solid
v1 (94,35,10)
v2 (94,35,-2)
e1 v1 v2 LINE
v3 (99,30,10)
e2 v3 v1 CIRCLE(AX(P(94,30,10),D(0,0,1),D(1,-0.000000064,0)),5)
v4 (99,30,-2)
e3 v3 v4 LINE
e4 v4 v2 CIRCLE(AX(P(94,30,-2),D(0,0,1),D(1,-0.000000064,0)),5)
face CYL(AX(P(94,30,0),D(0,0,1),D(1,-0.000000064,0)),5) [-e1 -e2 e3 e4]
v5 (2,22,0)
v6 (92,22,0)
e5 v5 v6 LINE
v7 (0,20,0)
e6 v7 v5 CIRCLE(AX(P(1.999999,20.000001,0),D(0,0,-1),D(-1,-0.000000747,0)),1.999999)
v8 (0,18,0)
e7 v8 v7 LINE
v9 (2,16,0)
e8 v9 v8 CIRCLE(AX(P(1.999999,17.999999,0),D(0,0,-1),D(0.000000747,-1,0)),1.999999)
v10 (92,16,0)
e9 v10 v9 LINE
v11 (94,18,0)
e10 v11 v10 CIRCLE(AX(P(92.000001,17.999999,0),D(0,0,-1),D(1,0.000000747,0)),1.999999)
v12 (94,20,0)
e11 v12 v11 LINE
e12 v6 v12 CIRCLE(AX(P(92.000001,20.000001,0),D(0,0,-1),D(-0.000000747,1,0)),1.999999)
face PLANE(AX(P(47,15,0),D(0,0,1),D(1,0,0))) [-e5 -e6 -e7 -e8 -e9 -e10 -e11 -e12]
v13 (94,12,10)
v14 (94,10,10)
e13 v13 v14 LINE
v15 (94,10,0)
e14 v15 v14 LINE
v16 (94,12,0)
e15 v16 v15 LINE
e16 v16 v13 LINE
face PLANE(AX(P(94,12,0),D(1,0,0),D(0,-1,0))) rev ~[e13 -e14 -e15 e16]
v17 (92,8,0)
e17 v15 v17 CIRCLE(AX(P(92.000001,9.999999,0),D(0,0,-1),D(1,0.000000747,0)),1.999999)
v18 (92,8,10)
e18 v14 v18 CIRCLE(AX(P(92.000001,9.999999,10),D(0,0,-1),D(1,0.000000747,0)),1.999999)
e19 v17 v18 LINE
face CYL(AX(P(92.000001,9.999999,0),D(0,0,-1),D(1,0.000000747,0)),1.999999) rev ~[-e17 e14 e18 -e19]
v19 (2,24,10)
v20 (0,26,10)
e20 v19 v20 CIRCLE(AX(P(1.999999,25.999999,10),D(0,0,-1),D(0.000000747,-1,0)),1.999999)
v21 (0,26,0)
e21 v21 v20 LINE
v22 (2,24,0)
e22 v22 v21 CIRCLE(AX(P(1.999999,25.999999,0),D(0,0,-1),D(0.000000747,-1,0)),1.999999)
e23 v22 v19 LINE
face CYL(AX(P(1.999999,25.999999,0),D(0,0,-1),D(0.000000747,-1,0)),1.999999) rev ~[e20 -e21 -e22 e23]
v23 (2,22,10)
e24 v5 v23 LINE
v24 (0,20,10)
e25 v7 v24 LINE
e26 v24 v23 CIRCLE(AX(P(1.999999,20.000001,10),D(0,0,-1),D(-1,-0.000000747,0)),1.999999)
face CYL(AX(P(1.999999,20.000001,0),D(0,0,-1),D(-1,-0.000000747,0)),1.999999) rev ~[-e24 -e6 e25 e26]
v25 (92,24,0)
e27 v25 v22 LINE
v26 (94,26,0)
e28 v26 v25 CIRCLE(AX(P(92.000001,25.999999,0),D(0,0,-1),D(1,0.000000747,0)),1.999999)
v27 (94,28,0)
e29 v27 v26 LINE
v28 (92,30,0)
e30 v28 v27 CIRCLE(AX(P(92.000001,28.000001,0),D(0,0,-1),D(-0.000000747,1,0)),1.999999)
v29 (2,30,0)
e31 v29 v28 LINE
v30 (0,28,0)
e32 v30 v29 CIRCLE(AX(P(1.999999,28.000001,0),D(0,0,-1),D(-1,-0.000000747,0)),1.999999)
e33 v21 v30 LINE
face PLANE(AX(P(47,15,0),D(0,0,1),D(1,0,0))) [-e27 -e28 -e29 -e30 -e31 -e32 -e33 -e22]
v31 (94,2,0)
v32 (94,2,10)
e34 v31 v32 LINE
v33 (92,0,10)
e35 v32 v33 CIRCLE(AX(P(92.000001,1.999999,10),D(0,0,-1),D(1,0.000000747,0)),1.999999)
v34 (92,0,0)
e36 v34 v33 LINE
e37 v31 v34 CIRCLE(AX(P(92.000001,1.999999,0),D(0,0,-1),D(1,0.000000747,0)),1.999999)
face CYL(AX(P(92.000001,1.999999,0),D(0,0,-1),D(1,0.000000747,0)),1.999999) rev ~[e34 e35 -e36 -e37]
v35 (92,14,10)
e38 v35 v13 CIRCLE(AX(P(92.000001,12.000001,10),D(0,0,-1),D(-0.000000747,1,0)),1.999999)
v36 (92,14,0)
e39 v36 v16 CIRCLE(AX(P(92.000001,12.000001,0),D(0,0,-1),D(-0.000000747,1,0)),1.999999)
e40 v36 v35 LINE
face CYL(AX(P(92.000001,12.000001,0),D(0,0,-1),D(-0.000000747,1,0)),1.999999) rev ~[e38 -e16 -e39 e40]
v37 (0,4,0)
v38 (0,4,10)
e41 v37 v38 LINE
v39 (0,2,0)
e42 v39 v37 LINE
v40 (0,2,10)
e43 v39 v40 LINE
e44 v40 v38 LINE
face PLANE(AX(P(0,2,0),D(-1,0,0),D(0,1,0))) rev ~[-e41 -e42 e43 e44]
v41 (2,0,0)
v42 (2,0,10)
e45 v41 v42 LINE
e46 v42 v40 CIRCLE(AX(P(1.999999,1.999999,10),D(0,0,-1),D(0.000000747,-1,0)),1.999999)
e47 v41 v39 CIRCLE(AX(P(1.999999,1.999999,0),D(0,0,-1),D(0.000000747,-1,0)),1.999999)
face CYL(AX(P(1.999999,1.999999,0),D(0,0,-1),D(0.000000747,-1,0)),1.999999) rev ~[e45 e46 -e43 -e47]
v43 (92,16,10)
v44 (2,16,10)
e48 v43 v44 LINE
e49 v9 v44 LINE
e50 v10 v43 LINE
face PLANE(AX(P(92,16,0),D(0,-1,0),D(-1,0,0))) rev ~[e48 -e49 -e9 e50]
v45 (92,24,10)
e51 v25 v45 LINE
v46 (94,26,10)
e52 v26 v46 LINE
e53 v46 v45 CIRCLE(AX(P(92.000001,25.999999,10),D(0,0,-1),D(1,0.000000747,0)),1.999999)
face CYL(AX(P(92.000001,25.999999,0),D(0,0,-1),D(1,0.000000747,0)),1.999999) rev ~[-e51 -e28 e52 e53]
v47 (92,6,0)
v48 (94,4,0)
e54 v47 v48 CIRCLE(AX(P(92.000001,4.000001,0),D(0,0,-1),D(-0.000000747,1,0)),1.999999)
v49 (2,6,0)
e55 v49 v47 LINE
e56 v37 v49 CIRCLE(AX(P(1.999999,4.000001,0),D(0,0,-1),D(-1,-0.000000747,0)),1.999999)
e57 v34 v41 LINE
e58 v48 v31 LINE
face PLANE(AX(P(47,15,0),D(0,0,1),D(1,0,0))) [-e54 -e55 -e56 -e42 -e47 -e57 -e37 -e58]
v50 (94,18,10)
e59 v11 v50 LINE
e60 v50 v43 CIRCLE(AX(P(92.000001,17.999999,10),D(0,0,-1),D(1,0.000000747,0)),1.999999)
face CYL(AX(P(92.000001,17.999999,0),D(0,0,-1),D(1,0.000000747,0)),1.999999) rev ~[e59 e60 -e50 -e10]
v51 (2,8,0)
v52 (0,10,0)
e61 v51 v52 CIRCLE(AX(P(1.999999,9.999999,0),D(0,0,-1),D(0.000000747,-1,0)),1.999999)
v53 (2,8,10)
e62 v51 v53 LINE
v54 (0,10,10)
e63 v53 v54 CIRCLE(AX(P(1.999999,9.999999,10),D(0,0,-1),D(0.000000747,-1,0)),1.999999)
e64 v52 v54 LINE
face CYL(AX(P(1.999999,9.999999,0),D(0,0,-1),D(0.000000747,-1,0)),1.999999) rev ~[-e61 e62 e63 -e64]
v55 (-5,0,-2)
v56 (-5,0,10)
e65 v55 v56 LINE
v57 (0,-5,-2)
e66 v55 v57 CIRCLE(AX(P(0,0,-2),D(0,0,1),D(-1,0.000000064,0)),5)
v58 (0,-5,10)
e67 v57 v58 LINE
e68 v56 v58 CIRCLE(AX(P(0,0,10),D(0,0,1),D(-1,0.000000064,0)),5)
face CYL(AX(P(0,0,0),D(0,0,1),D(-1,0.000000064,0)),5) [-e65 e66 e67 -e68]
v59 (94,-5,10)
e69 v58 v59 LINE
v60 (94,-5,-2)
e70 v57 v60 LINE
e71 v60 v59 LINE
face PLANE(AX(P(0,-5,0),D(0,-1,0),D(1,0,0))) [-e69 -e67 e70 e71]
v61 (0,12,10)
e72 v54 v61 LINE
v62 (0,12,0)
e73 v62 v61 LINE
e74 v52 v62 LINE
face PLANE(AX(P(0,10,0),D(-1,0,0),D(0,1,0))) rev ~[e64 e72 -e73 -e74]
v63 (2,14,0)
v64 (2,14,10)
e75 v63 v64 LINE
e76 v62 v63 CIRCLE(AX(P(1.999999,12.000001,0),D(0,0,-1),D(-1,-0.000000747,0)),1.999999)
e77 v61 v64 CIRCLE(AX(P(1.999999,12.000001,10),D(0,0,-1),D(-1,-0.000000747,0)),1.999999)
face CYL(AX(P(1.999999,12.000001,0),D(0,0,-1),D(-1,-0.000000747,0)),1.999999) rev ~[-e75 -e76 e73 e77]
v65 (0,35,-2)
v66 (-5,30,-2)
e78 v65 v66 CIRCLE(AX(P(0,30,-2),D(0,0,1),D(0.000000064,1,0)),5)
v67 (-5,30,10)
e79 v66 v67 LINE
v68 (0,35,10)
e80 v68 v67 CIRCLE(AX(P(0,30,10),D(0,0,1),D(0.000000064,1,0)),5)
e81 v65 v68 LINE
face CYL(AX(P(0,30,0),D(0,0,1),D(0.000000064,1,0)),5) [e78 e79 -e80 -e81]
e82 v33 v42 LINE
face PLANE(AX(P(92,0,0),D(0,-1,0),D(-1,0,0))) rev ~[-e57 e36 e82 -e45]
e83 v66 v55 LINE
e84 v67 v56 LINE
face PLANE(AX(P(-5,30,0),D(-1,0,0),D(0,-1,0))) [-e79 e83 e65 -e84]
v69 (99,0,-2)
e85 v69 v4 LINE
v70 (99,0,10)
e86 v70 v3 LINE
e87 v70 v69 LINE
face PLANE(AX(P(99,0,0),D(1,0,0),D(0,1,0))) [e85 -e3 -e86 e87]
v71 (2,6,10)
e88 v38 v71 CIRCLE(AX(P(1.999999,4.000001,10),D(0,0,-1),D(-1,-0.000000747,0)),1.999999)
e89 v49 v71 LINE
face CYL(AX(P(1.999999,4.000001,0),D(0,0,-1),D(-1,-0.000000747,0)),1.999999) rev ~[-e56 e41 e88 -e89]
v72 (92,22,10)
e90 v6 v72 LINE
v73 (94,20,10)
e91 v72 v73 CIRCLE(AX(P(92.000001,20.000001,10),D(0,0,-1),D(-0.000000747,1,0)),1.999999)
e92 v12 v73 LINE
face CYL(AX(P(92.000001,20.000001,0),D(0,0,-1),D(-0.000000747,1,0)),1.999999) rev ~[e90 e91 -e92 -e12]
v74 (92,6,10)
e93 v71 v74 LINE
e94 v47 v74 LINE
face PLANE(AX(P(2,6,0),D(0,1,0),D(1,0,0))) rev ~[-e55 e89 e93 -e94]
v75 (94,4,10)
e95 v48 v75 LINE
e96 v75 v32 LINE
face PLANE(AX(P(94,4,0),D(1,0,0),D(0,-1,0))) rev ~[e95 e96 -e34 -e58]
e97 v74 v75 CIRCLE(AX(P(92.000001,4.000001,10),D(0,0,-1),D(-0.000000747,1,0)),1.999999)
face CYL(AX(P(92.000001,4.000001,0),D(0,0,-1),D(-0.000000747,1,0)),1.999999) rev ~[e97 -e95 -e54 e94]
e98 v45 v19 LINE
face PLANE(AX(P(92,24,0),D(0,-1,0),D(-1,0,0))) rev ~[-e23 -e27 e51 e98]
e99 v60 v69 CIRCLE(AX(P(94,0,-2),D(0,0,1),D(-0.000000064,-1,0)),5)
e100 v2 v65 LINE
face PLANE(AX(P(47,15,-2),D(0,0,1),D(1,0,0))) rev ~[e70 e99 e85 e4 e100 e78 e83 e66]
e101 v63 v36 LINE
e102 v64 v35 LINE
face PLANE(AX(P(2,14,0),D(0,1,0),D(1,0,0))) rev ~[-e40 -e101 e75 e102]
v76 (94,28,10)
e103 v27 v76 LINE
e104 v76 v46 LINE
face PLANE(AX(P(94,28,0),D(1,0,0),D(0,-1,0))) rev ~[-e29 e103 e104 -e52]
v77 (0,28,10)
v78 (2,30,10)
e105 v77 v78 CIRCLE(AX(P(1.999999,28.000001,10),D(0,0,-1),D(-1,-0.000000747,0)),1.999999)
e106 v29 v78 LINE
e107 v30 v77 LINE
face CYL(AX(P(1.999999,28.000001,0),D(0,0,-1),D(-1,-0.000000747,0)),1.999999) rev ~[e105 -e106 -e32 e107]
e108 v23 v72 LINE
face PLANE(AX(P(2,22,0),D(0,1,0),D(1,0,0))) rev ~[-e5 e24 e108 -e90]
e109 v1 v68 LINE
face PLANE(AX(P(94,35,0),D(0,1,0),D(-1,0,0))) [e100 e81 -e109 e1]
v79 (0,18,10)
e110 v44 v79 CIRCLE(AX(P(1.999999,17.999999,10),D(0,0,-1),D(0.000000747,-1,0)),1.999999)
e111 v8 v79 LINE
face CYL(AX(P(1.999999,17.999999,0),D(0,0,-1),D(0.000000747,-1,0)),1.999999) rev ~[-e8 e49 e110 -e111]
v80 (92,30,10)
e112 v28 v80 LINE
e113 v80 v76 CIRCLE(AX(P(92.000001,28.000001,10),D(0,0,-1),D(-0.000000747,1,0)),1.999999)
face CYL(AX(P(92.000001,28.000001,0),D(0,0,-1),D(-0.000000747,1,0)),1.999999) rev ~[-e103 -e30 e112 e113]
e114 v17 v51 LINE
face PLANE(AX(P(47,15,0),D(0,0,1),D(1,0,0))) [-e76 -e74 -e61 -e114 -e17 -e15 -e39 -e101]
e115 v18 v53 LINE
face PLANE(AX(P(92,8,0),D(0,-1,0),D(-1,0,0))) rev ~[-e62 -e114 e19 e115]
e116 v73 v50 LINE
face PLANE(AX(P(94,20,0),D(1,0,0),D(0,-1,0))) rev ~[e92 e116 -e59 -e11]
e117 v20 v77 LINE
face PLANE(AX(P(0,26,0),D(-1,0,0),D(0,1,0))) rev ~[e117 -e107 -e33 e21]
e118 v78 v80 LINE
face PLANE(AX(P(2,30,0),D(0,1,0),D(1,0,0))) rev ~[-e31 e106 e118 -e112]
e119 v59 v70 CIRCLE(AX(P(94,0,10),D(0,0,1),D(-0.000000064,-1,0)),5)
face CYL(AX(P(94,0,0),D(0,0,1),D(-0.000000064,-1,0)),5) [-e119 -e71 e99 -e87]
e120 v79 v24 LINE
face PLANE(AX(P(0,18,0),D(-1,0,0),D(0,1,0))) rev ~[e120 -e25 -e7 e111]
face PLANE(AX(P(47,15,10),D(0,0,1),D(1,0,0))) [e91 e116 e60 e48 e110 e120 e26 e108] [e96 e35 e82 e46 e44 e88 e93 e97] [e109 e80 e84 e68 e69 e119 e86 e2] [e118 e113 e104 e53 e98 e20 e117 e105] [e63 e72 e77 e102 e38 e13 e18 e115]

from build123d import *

# Parameters (mm, degrees)
F1_DEPTH = 10
F2_DEPTH = 2


with BuildPart() as f1:
    # F0 (on Top) → F1 (new body)
    with BuildSketch(Plane.XY):
        with BuildLine():
            Line((94, 35), (0, 35))
            ThreePointArc((0, 35), (-3.535534, 33.535534), (-5, 30))
            Line((-5, 30), (-5, 0))
            ThreePointArc((-5, 0), (-3.535534, -3.535534), (0, -5))
            Line((0, -5), (94, -5))
            ThreePointArc((94, -5), (97.535534, -3.535534), (99, 0))
            Line((99, 0), (99, 30))
            ThreePointArc((99, 30), (97.535534, 33.535534), (94, 35))
        make_face()
        with BuildLine():
            ThreePointArc((0, 4), (0.585786, 5.414214), (2, 6))
            Line((2, 6), (92, 6))
            ThreePointArc((92, 6), (93.414214, 5.414214), (94, 4))
            Line((94, 4), (94, 2))
            ThreePointArc((94, 2), (93.414214, 0.585786), (92, 0))
            Line((92, 0), (2, 0))
            ThreePointArc((2, 0), (0.585786, 0.585786), (0, 2))
            Line((0, 2), (0, 4))
        make_face(mode=Mode.SUBTRACT)
        with BuildLine():
            ThreePointArc((0, 12), (0.585786, 13.414214), (2, 14))
            Line((2, 14), (92, 14))
            ThreePointArc((92, 14), (93.414214, 13.414214), (94, 12))
            Line((94, 12), (94, 10))
            ThreePointArc((94, 10), (93.414214, 8.585786), (92, 8))
            Line((92, 8), (2, 8))
            ThreePointArc((2, 8), (0.585786, 8.585786), (0, 10))
            Line((0, 10), (0, 12))
        make_face(mode=Mode.SUBTRACT)
        with BuildLine():
            ThreePointArc((0, 20), (0.585786, 21.414214), (2, 22))
            Line((2, 22), (92, 22))
            ThreePointArc((92, 22), (93.414214, 21.414214), (94, 20))
            Line((94, 20), (94, 18))
            ThreePointArc((94, 18), (93.414214, 16.585786), (92, 16))
            Line((92, 16), (2, 16))
            ThreePointArc((2, 16), (0.585786, 16.585786), (0, 18))
            Line((0, 18), (0, 20))
        make_face(mode=Mode.SUBTRACT)
        with BuildLine():
            ThreePointArc((0, 28), (0.585786, 29.414214), (2, 30))
            Line((2, 30), (92, 30))
            ThreePointArc((92, 30), (93.414214, 29.414214), (94, 28))
            Line((94, 28), (94, 26))
            ThreePointArc((94, 26), (93.414214, 24.585786), (92, 24))
            Line((92, 24), (2, 24))
            ThreePointArc((2, 24), (0.585786, 24.585786), (0, 26))
            Line((0, 26), (0, 28))
        make_face(mode=Mode.SUBTRACT)
    extrude(amount=F1_DEPTH)

    # F0 (on Top) → F2 (join)
    with BuildSketch(Plane.XY):
        with BuildLine():
            Line((94, 35), (0, 35))
            ThreePointArc((0, 35), (-3.535534, 33.535534), (-5, 30))
            Line((-5, 30), (-5, 0))
            ThreePointArc((-5, 0), (-3.535534, -3.535534), (0, -5))
            Line((0, -5), (94, -5))
            ThreePointArc((94, -5), (97.535534, -3.535534), (99, 0))
            Line((99, 0), (99, 30))
            ThreePointArc((99, 30), (97.535534, 33.535534), (94, 35))
        make_face()
        with BuildLine():
            ThreePointArc((0, 4), (0.585786, 5.414214), (2, 6))
            Line((2, 6), (92, 6))
            ThreePointArc((92, 6), (93.414214, 5.414214), (94, 4))
            Line((94, 4), (94, 2))
            ThreePointArc((94, 2), (93.414214, 0.585786), (92, 0))
            Line((92, 0), (2, 0))
            ThreePointArc((2, 0), (0.585786, 0.585786), (0, 2))
            Line((0, 2), (0, 4))
        make_face(mode=Mode.SUBTRACT)
        with BuildLine():
            ThreePointArc((0, 12), (0.585786, 13.414214), (2, 14))
            Line((2, 14), (92, 14))
            ThreePointArc((92, 14), (93.414214, 13.414214), (94, 12))
            Line((94, 12), (94, 10))
            ThreePointArc((94, 10), (93.414214, 8.585786), (92, 8))
            Line((92, 8), (2, 8))
            ThreePointArc((2, 8), (0.585786, 8.585786), (0, 10))
            Line((0, 10), (0, 12))
        make_face(mode=Mode.SUBTRACT)
        with BuildLine():
            ThreePointArc((0, 20), (0.585786, 21.414214), (2, 22))
            Line((2, 22), (92, 22))
            ThreePointArc((92, 22), (93.414214, 21.414214), (94, 20))
            Line((94, 20), (94, 18))
            ThreePointArc((94, 18), (93.414214, 16.585786), (92, 16))
            Line((92, 16), (2, 16))
            ThreePointArc((2, 16), (0.585786, 16.585786), (0, 18))
            Line((0, 18), (0, 20))
        make_face(mode=Mode.SUBTRACT)
        with BuildLine():
            ThreePointArc((0, 28), (0.585786, 29.414214), (2, 30))
            Line((2, 30), (92, 30))
            ThreePointArc((92, 30), (93.414214, 29.414214), (94, 28))
            Line((94, 28), (94, 26))
            ThreePointArc((94, 26), (93.414214, 24.585786), (92, 24))
            Line((92, 24), (2, 24))
            ThreePointArc((2, 24), (0.585786, 24.585786), (0, 26))
            Line((0, 26), (0, 28))
        make_face(mode=Mode.SUBTRACT)
        with BuildLine():
            Line((92, 6), (2, 6))
            ThreePointArc((2, 6), (0.585786, 5.414214), (0, 4))
            Line((0, 4), (0, 2))
            ThreePointArc((0, 2), (0.585786, 0.585786), (2, 0))
            Line((2, 0), (92, 0))
            ThreePointArc((92, 0), (93.414214, 0.585786), (94, 2))
            Line((94, 2), (94, 4))
            ThreePointArc((94, 4), (93.414214, 5.414214), (92, 6))
        make_face()
        with BuildLine():
            Line((92, 14), (2, 14))
            ThreePointArc((2, 14), (0.585786, 13.414214), (0, 12))
            Line((0, 12), (0, 10))
            ThreePointArc((0, 10), (0.585786, 8.585786), (2, 8))
            Line((2, 8), (92, 8))
            ThreePointArc((92, 8), (93.414214, 8.585786), (94, 10))
            Line((94, 10), (94, 12))
            ThreePointArc((94, 12), (93.414214, 13.414214), (92, 14))
        make_face()
        with BuildLine():
            Line((92, 22), (2, 22))
            ThreePointArc((2, 22), (0.585786, 21.414214), (0, 20))
            Line((0, 20), (0, 18))
            ThreePointArc((0, 18), (0.585786, 16.585786), (2, 16))
            Line((2, 16), (92, 16))
            ThreePointArc((92, 16), (93.414214, 16.585786), (94, 18))
            Line((94, 18), (94, 20))
            ThreePointArc((94, 20), (93.414214, 21.414214), (92, 22))
        make_face()
        with BuildLine():
            Line((92, 30), (2, 30))
            ThreePointArc((2, 30), (0.585786, 29.414214), (0, 28))
            Line((0, 28), (0, 26))
            ThreePointArc((0, 26), (0.585786, 24.585786), (2, 24))
            Line((2, 24), (92, 24))
            ThreePointArc((92, 24), (93.414214, 24.585786), (94, 26))
            Line((94, 26), (94, 28))
            ThreePointArc((94, 28), (93.414214, 29.414214), (92, 30))
        make_face()
    extrude(amount=-F2_DEPTH)


solid = f1.part
